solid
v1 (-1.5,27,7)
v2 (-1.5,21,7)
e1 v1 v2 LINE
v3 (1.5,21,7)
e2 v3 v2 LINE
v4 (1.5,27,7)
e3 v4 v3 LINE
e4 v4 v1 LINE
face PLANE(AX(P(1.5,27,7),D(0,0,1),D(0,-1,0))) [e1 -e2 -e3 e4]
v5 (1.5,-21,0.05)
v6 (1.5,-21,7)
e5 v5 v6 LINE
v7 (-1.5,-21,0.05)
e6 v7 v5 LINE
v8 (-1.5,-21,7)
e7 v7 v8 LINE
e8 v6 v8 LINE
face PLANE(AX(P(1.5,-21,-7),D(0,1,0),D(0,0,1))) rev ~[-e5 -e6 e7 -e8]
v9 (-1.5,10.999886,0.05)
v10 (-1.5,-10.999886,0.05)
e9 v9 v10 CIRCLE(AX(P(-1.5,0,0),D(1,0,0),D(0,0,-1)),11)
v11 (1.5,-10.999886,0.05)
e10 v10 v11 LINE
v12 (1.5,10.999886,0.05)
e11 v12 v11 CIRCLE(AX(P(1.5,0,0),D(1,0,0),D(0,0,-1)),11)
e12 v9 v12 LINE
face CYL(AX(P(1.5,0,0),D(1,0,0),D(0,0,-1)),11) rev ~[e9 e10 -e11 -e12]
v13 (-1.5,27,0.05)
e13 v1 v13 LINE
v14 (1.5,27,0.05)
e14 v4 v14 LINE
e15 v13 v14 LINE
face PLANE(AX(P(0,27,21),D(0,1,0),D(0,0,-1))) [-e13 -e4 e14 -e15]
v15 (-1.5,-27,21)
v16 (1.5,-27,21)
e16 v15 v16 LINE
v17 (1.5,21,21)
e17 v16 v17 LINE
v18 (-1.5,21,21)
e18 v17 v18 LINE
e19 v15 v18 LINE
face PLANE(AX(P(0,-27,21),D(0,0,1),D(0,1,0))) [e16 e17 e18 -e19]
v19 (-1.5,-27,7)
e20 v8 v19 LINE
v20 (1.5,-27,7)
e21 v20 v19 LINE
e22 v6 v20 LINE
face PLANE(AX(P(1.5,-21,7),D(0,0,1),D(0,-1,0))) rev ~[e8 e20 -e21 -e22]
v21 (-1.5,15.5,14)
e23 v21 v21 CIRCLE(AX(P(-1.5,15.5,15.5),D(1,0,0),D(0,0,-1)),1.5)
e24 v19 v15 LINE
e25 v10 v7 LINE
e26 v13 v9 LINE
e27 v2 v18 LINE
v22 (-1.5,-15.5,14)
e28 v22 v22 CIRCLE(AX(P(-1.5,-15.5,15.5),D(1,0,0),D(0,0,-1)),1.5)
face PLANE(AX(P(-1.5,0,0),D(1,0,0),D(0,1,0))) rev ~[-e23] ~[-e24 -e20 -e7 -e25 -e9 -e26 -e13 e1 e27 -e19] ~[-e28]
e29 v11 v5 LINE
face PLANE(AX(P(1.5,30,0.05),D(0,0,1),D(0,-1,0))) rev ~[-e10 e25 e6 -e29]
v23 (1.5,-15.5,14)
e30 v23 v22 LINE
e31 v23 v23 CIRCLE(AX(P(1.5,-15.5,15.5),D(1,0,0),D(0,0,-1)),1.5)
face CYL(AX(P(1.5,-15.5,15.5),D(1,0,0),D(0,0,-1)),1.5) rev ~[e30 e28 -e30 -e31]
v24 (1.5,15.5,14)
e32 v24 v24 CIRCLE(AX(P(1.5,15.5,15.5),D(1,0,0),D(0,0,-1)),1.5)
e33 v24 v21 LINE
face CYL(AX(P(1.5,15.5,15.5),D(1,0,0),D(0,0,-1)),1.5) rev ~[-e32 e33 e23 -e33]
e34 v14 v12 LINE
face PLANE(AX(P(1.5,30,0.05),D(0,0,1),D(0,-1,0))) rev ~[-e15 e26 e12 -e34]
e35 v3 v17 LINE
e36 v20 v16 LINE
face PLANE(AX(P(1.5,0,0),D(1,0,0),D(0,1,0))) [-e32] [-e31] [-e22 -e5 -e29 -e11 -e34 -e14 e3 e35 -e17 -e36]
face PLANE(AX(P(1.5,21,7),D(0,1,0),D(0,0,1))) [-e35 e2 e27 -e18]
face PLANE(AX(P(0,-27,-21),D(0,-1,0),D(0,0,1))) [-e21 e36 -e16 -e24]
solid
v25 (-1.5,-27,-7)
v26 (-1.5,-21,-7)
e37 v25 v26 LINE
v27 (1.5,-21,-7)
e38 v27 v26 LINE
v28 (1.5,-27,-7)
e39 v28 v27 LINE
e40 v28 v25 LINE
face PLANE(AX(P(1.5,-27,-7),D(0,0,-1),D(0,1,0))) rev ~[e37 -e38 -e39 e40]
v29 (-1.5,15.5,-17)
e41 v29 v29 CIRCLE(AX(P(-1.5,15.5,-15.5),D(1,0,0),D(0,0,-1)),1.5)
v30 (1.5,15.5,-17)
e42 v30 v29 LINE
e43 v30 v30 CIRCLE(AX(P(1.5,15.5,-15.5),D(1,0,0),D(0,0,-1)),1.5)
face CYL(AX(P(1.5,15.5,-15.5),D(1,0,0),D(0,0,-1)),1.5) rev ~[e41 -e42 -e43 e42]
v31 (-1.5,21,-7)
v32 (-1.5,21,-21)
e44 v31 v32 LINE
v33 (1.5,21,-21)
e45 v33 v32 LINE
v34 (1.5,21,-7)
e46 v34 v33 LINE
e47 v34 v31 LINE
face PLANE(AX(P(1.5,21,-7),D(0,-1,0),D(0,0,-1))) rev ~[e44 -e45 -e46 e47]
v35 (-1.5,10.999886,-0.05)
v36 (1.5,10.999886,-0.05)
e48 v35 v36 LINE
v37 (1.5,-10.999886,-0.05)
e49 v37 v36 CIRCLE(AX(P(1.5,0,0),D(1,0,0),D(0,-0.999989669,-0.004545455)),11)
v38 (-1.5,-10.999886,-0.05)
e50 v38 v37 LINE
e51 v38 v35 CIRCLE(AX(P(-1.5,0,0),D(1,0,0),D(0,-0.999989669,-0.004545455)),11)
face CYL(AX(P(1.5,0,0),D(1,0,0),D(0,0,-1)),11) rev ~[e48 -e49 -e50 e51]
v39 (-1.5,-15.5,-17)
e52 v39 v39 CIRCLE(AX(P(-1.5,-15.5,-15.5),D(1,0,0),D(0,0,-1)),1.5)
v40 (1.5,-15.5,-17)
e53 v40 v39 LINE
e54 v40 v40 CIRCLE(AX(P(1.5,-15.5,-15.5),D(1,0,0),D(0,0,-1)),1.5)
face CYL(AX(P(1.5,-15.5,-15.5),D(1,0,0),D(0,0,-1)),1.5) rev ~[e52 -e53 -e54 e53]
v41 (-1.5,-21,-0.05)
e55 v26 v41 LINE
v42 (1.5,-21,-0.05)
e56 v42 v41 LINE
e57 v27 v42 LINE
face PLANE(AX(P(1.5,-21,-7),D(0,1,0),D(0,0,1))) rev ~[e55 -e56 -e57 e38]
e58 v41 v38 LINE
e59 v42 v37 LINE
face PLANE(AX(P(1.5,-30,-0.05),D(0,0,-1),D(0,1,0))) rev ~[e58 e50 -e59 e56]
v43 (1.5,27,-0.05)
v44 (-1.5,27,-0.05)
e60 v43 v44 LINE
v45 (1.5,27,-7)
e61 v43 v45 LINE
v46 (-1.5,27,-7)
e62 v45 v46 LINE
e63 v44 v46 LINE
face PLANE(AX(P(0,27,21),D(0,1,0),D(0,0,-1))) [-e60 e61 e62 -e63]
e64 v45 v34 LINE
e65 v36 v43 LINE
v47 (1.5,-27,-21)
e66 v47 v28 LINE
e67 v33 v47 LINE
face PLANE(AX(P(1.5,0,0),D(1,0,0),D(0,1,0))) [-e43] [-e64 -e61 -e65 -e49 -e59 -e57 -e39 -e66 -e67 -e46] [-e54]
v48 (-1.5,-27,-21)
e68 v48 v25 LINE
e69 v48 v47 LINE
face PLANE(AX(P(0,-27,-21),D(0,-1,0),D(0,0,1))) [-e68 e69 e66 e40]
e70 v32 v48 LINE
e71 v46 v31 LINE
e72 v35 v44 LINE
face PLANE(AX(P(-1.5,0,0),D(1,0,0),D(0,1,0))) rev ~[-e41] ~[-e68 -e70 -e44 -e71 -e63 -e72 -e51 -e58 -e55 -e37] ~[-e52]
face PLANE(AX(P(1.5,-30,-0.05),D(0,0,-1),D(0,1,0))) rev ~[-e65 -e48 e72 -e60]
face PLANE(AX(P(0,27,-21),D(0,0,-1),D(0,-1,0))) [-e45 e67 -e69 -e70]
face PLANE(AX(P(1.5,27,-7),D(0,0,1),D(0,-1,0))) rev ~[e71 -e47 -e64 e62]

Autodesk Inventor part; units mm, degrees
ref_plane "YZ Plane" through (0, 0, 0) normal (1, 0, 0) x (0, 1, 0)
ref_plane "XZ Plane" through (0, 0, 0) normal (0, 1, 0) x (-1, 0, 0)
ref_plane "XY Plane" through (0, 0, 0) normal (0, 0, 1) x (1, 0, 0)
sketch "Esboço1" plane through (0, 0, 0) normal (1, 0, 0) x (0, 1, 0)
  line L0 (-27, 21) -> (27, 21)
  line L1 (27, 21) -> (27, -21)
  line L2 (27, -21) -> (-27, -21)
  line L3 (-27, -21) -> (-27, 21)
  line L4 (-27, 21) -> (27, -21) construction
  line L5 (27, 21) -> (-27, -21) construction
  point P0 (0, 0)
  dimension "d0" = 42
  dimension "d1" = 54
extrude "Extrusão1" add sketch "Esboço1" along normal mid plane 3
sketch "Esboço2" plane through (1.5, 0, 0) normal (1, 0, 0) x (0, 0, -1)
  circle A0 centre (0, 0) radius 11
  dimension "d4" = 22
extrude "Extrusão2" cut sketch "Esboço2" against normal through all
sketch "Esboço3" plane through (1.5, 0, 0) normal (1, 0, 0) x (0, 0, -1)
  circle A0 centre (-15.5, 15.5) radius 1.5
  line L0 (-21, 27) -> (-21, -27) projected
  line L1 (21, 27) -> (-21, 27) projected
  point P0 (0, 0)
  dimension "d7" = 5.5
  dimension "d8" = 3
  dimension "d9" = 11.5
extrude "Extrusão3" cut sketch "Esboço3" against normal through all
pattern_linear "Padrão retangular1" count 2 spacing 31 along (0, 0, -1) count 2 spacing 31 along (0, -1, 0) of "Extrusão3"
sketch "Esboço4" plane through (1.5, 0, 0) normal (1, 0, 0) x (0, 0, -1)
  line L0 (21, -27) -> (21, 27) projected
  circle A0 centre (15.5, 15.5) radius 1.5 projected
  line L1 (-21, 27) -> (-21, -27) projected
  circle A1 centre (-15.5, 15.5) radius 1.5 projected
  circle A2 centre (15.5, -15.5) radius 1.5 projected
  circle A3 centre (-15.5, -15.5) radius 1.5 projected
  line L2 (21, 27) -> (-21, 27) projected
  line L3 (-21, -27) -> (21, -27) projected
  point P0 (0, 0)
  dimension "d18" = 5.5
  dimension "d19" = 5.5
  dimension "d20" = 5.5
  dimension "d21" = 5.5
  dimension "d22" = 11.5
  dimension "d23" = 11.5
  dimension "d24" = 11.5
  dimension "d25" = 11.5
  dimension "d26" = 31
  dimension "d27" = 31
  dimension "d28" = 31
  dimension "d29" = 31
sketch "Esboço5" plane through (1.5, 0, 0) normal (1, 0, 0) x (0, 0, -1)
  line L0 (21, 27) -> (-21, 27) projected
  line L1 (-21, 27) -> (-7, 27)
  line L2 (-7, 27) -> (-7, 21)
  line L3 (-7, 21) -> (-21, 21)
  line L4 (-21, 21) -> (-21, 27)
  line L5 (21, 27) -> (7, 27)
  line L6 (7, 27) -> (7, 21)
  line L7 (7, 21) -> (21, 21)
  line L8 (21, 21) -> (21, 27)
  line L9 (-7, -33) -> (7, -33)
  line L10 (7, -33) -> (7, -21)
  line L11 (7, -21) -> (-7, -21)
  line L12 (-7, -21) -> (-7, -33)
  line L13 (-21, -27) -> (21, -27) projected
  line L14 (-7, -33) -> (7, -21) construction
  line L15 (7, -33) -> (-7, -21) construction
  line L16 (-21, 27) -> (-21, -27) projected
  line L17 (21, -27) -> (21, 27) projected
  point P0 (0, 0)
  point P1 (0, -27)
  point P2 (-7, -27)
  point P3 (7, -27)
  point P4 (7, 27)
  point P5 (-7, 27)
  dimension "d30" = 14
  dimension "d31" = 14
  dimension "d32" = 6
  dimension "d33" = 6
  dimension "d34" = 14
  dimension "d35" = 14
  dimension "d36" = 12
  dimension "d37" = 14
  dimension "d38" = 14
  dimension "d39" = 6
extrude "Extrusão4" cut sketch "Esboço5" against normal through all contours L8 L7 L6 L0 | L2 L3 L4 L0 | L13 L12 L11 L10
sketch "Esboço6" plane through (1.5, 0, 0) normal (1, 0, 0) x (0, 0, -1)
  line L0 (-0.05, -30) -> (0.05, -30)
  line L1 (0.05, -30) -> (0.05, 30)
  line L2 (0.05, 30) -> (-0.05, 30)
  line L3 (-0.05, 30) -> (-0.05, -30)
  line L4 (-0.05, -30) -> (0.05, 30) construction
  line L5 (0.05, -30) -> (-0.05, 30) construction
  point P0 (0, 0)
  dimension "d44" = 60
  dimension "d45" = 0.1
extrude "Extrusão5" cut sketch "Esboço6" against normal through all
properties part number "suporte do motor"
